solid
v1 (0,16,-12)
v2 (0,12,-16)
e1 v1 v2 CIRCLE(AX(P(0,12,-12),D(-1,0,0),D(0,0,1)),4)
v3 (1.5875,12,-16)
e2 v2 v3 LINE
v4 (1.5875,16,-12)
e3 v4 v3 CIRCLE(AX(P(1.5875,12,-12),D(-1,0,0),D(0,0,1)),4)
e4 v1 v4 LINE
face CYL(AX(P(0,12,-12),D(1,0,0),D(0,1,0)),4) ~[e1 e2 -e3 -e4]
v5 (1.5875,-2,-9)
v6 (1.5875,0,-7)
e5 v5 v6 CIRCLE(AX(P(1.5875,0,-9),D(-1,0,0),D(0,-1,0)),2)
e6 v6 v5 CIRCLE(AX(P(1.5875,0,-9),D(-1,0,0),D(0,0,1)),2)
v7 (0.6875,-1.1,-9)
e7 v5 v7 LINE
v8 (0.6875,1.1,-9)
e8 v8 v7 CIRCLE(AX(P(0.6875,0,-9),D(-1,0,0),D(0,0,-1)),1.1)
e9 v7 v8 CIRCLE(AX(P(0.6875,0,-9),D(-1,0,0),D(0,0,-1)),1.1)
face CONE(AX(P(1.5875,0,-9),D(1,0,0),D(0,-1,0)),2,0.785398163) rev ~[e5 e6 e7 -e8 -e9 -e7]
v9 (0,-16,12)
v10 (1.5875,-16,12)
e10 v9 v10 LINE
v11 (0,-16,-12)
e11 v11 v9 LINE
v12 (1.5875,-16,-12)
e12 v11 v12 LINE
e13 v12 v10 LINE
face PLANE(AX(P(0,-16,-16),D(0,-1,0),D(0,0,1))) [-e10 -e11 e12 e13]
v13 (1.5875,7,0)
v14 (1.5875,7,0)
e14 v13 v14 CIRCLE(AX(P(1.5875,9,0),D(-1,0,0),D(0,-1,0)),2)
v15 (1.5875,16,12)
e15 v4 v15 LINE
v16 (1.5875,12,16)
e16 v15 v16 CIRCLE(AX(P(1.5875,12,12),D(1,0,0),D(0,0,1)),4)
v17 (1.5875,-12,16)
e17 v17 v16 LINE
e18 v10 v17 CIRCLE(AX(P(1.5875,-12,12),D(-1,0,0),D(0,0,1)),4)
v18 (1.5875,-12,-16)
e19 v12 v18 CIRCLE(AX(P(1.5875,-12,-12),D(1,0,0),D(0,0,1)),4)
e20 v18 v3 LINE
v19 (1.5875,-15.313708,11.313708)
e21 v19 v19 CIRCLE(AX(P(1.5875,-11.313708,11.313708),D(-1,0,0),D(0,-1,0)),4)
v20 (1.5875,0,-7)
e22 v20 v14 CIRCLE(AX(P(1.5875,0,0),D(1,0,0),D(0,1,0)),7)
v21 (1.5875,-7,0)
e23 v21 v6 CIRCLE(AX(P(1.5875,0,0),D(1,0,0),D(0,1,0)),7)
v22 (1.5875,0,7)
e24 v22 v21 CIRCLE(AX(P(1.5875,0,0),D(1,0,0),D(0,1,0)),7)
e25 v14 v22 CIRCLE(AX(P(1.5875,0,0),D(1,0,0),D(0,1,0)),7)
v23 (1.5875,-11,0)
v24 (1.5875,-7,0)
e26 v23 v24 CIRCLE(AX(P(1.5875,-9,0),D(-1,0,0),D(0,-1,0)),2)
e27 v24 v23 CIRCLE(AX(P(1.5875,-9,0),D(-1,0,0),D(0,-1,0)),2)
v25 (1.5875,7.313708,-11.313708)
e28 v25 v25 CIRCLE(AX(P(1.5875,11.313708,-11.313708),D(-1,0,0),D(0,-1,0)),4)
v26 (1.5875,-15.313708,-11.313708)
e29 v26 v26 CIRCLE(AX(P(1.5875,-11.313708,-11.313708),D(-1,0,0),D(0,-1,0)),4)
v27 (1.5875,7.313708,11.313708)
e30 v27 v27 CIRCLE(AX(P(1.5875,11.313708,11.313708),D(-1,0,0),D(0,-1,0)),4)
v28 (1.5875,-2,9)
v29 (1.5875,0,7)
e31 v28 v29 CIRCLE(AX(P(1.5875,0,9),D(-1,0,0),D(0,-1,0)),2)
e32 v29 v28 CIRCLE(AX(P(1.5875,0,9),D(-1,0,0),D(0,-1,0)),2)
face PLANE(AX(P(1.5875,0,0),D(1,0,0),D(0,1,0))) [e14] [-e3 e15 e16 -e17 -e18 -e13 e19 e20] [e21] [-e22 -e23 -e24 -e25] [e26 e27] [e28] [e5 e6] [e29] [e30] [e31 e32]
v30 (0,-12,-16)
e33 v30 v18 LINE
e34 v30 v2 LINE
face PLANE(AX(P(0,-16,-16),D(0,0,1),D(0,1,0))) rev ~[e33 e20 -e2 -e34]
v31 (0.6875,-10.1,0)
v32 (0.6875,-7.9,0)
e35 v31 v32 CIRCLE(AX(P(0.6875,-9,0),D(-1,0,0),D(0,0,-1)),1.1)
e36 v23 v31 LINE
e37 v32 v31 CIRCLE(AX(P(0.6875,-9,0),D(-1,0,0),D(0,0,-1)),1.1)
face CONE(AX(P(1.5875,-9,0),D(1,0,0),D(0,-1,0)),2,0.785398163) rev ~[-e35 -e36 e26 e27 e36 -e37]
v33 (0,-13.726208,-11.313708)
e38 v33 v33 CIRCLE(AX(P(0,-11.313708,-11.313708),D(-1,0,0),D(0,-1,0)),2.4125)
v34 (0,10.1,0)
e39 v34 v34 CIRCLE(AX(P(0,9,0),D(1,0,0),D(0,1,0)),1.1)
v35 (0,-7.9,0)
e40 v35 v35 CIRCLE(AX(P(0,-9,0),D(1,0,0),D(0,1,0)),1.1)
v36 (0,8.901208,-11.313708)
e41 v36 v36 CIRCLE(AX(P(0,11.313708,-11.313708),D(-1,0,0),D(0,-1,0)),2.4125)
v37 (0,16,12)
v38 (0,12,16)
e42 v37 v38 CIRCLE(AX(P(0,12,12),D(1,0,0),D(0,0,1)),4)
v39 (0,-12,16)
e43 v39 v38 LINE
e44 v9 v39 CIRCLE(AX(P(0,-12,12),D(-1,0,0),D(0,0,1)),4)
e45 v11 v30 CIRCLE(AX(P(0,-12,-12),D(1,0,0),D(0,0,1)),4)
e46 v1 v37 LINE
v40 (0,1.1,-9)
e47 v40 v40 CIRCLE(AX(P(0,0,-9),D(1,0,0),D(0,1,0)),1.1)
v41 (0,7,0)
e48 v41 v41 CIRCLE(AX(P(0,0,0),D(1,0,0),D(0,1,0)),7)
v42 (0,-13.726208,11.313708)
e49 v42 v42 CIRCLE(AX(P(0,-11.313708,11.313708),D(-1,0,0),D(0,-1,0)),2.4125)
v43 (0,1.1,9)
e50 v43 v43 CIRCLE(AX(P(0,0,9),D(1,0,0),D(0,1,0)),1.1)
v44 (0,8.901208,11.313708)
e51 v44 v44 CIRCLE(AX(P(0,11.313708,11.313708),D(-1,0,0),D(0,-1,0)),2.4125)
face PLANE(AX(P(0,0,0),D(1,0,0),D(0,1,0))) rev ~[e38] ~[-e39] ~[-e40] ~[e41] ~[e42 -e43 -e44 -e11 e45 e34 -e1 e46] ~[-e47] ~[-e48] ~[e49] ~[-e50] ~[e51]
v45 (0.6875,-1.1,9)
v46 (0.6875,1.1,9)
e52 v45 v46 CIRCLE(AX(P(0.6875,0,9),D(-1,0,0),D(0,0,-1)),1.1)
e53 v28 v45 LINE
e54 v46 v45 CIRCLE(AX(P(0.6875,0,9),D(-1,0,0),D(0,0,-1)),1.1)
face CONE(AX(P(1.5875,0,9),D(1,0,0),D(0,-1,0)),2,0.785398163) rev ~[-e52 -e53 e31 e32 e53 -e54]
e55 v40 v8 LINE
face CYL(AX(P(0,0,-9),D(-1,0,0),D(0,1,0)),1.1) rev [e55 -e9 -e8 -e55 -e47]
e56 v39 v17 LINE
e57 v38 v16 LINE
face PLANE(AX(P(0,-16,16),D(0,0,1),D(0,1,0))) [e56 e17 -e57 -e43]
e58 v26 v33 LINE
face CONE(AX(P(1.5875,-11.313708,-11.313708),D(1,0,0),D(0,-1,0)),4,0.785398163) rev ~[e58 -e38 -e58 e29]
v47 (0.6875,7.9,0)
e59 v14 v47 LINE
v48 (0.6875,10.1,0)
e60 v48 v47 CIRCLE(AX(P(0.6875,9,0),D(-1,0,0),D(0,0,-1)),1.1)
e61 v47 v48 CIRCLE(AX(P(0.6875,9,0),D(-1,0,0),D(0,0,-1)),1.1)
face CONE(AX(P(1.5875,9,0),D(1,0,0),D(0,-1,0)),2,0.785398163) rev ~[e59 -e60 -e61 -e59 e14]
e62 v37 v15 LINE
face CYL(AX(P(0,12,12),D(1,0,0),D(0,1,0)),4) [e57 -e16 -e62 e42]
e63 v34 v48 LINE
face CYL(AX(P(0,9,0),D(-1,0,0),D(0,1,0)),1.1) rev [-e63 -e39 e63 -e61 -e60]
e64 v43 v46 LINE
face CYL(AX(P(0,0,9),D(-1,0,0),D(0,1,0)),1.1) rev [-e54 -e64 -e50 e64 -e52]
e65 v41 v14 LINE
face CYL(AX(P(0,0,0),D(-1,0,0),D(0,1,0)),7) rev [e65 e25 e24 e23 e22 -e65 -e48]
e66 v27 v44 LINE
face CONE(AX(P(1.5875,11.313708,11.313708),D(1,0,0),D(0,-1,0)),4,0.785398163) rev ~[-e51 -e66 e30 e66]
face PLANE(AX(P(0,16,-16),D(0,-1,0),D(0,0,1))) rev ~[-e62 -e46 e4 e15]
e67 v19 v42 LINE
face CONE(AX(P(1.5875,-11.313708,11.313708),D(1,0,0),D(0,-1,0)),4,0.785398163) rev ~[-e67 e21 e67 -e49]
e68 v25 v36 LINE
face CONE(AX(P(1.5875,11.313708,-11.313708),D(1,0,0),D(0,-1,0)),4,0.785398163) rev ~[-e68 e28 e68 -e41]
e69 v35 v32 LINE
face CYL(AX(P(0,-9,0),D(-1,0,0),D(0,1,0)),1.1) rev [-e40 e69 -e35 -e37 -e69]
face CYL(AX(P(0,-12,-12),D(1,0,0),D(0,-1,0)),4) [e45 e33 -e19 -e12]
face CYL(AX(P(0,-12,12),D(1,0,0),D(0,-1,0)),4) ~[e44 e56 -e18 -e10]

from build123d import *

# Parameters (mm, degrees)
F0_W           = 32
F0_H           = 32
F0_R           = 2
F0_R_2         = 1.1
F0_R_3         = 7
F1_DEPTH       = 1.5875
F3_D           = 4
F3_CSINK_D     = 8
F3_CSINK_ANGLE = 90
F4_D           = 2
F4_CSINK_D     = 4
F4_CSINK_ANGLE = 90
F5_R           = 4


with BuildPart() as f1:
    # F0 (on Right) → F1 (new body)
    with BuildSketch(Plane.YZ):
        Rectangle(F0_W, F0_H)
        with Locations((-11.313708, -11.313708)):
            Circle(F0_R, mode=Mode.SUBTRACT)
        with Locations((0, -9)):
            Circle(F0_R_2, mode=Mode.SUBTRACT)
        with Locations((11.313708, -11.313708)):
            Circle(F0_R, mode=Mode.SUBTRACT)
        with Locations((-9, 0)):
            Circle(F0_R_2, mode=Mode.SUBTRACT)
        with Locations((-11.313708, 11.313708)):
            Circle(F0_R, mode=Mode.SUBTRACT)
        Circle(F0_R_3, mode=Mode.SUBTRACT)
        with Locations((9, 0)):
            Circle(F0_R_2, mode=Mode.SUBTRACT)
        with Locations((0, 9)):
            Circle(F0_R_2, mode=Mode.SUBTRACT)
        with Locations((11.313708, 11.313708)):
            Circle(F0_R, mode=Mode.SUBTRACT)
    extrude(amount=F1_DEPTH)

    # F3 (through all)
    with Locations(Plane.YZ.offset(1.5875)):
        with Locations((-11.313708, 11.313708), (11.313708, 11.313708), (11.313708, -11.313708), (-11.313708, -11.313708)):
            CounterSinkHole(F3_D / 2, F3_CSINK_D / 2, counter_sink_angle=F3_CSINK_ANGLE)

    # F4 (through all)
    with Locations(Plane.YZ.offset(1.5875)):
        with Locations((-9, 0), (0, 9), (9, 0), (0, -9)):
            CounterSinkHole(F4_D / 2, F4_CSINK_D / 2, counter_sink_angle=F4_CSINK_ANGLE)

    # F5
    f5_edges = [f1.edges().sort_by_distance(p)[0] for p in [
        (0.79375, -16, 16),
        (0.79375, 16, 16),
        (0.79375, 16, -16),
        (0.79375, -16, -16),
    ]]
    fillet(f5_edges, radius=F5_R)


solid = f1.part
